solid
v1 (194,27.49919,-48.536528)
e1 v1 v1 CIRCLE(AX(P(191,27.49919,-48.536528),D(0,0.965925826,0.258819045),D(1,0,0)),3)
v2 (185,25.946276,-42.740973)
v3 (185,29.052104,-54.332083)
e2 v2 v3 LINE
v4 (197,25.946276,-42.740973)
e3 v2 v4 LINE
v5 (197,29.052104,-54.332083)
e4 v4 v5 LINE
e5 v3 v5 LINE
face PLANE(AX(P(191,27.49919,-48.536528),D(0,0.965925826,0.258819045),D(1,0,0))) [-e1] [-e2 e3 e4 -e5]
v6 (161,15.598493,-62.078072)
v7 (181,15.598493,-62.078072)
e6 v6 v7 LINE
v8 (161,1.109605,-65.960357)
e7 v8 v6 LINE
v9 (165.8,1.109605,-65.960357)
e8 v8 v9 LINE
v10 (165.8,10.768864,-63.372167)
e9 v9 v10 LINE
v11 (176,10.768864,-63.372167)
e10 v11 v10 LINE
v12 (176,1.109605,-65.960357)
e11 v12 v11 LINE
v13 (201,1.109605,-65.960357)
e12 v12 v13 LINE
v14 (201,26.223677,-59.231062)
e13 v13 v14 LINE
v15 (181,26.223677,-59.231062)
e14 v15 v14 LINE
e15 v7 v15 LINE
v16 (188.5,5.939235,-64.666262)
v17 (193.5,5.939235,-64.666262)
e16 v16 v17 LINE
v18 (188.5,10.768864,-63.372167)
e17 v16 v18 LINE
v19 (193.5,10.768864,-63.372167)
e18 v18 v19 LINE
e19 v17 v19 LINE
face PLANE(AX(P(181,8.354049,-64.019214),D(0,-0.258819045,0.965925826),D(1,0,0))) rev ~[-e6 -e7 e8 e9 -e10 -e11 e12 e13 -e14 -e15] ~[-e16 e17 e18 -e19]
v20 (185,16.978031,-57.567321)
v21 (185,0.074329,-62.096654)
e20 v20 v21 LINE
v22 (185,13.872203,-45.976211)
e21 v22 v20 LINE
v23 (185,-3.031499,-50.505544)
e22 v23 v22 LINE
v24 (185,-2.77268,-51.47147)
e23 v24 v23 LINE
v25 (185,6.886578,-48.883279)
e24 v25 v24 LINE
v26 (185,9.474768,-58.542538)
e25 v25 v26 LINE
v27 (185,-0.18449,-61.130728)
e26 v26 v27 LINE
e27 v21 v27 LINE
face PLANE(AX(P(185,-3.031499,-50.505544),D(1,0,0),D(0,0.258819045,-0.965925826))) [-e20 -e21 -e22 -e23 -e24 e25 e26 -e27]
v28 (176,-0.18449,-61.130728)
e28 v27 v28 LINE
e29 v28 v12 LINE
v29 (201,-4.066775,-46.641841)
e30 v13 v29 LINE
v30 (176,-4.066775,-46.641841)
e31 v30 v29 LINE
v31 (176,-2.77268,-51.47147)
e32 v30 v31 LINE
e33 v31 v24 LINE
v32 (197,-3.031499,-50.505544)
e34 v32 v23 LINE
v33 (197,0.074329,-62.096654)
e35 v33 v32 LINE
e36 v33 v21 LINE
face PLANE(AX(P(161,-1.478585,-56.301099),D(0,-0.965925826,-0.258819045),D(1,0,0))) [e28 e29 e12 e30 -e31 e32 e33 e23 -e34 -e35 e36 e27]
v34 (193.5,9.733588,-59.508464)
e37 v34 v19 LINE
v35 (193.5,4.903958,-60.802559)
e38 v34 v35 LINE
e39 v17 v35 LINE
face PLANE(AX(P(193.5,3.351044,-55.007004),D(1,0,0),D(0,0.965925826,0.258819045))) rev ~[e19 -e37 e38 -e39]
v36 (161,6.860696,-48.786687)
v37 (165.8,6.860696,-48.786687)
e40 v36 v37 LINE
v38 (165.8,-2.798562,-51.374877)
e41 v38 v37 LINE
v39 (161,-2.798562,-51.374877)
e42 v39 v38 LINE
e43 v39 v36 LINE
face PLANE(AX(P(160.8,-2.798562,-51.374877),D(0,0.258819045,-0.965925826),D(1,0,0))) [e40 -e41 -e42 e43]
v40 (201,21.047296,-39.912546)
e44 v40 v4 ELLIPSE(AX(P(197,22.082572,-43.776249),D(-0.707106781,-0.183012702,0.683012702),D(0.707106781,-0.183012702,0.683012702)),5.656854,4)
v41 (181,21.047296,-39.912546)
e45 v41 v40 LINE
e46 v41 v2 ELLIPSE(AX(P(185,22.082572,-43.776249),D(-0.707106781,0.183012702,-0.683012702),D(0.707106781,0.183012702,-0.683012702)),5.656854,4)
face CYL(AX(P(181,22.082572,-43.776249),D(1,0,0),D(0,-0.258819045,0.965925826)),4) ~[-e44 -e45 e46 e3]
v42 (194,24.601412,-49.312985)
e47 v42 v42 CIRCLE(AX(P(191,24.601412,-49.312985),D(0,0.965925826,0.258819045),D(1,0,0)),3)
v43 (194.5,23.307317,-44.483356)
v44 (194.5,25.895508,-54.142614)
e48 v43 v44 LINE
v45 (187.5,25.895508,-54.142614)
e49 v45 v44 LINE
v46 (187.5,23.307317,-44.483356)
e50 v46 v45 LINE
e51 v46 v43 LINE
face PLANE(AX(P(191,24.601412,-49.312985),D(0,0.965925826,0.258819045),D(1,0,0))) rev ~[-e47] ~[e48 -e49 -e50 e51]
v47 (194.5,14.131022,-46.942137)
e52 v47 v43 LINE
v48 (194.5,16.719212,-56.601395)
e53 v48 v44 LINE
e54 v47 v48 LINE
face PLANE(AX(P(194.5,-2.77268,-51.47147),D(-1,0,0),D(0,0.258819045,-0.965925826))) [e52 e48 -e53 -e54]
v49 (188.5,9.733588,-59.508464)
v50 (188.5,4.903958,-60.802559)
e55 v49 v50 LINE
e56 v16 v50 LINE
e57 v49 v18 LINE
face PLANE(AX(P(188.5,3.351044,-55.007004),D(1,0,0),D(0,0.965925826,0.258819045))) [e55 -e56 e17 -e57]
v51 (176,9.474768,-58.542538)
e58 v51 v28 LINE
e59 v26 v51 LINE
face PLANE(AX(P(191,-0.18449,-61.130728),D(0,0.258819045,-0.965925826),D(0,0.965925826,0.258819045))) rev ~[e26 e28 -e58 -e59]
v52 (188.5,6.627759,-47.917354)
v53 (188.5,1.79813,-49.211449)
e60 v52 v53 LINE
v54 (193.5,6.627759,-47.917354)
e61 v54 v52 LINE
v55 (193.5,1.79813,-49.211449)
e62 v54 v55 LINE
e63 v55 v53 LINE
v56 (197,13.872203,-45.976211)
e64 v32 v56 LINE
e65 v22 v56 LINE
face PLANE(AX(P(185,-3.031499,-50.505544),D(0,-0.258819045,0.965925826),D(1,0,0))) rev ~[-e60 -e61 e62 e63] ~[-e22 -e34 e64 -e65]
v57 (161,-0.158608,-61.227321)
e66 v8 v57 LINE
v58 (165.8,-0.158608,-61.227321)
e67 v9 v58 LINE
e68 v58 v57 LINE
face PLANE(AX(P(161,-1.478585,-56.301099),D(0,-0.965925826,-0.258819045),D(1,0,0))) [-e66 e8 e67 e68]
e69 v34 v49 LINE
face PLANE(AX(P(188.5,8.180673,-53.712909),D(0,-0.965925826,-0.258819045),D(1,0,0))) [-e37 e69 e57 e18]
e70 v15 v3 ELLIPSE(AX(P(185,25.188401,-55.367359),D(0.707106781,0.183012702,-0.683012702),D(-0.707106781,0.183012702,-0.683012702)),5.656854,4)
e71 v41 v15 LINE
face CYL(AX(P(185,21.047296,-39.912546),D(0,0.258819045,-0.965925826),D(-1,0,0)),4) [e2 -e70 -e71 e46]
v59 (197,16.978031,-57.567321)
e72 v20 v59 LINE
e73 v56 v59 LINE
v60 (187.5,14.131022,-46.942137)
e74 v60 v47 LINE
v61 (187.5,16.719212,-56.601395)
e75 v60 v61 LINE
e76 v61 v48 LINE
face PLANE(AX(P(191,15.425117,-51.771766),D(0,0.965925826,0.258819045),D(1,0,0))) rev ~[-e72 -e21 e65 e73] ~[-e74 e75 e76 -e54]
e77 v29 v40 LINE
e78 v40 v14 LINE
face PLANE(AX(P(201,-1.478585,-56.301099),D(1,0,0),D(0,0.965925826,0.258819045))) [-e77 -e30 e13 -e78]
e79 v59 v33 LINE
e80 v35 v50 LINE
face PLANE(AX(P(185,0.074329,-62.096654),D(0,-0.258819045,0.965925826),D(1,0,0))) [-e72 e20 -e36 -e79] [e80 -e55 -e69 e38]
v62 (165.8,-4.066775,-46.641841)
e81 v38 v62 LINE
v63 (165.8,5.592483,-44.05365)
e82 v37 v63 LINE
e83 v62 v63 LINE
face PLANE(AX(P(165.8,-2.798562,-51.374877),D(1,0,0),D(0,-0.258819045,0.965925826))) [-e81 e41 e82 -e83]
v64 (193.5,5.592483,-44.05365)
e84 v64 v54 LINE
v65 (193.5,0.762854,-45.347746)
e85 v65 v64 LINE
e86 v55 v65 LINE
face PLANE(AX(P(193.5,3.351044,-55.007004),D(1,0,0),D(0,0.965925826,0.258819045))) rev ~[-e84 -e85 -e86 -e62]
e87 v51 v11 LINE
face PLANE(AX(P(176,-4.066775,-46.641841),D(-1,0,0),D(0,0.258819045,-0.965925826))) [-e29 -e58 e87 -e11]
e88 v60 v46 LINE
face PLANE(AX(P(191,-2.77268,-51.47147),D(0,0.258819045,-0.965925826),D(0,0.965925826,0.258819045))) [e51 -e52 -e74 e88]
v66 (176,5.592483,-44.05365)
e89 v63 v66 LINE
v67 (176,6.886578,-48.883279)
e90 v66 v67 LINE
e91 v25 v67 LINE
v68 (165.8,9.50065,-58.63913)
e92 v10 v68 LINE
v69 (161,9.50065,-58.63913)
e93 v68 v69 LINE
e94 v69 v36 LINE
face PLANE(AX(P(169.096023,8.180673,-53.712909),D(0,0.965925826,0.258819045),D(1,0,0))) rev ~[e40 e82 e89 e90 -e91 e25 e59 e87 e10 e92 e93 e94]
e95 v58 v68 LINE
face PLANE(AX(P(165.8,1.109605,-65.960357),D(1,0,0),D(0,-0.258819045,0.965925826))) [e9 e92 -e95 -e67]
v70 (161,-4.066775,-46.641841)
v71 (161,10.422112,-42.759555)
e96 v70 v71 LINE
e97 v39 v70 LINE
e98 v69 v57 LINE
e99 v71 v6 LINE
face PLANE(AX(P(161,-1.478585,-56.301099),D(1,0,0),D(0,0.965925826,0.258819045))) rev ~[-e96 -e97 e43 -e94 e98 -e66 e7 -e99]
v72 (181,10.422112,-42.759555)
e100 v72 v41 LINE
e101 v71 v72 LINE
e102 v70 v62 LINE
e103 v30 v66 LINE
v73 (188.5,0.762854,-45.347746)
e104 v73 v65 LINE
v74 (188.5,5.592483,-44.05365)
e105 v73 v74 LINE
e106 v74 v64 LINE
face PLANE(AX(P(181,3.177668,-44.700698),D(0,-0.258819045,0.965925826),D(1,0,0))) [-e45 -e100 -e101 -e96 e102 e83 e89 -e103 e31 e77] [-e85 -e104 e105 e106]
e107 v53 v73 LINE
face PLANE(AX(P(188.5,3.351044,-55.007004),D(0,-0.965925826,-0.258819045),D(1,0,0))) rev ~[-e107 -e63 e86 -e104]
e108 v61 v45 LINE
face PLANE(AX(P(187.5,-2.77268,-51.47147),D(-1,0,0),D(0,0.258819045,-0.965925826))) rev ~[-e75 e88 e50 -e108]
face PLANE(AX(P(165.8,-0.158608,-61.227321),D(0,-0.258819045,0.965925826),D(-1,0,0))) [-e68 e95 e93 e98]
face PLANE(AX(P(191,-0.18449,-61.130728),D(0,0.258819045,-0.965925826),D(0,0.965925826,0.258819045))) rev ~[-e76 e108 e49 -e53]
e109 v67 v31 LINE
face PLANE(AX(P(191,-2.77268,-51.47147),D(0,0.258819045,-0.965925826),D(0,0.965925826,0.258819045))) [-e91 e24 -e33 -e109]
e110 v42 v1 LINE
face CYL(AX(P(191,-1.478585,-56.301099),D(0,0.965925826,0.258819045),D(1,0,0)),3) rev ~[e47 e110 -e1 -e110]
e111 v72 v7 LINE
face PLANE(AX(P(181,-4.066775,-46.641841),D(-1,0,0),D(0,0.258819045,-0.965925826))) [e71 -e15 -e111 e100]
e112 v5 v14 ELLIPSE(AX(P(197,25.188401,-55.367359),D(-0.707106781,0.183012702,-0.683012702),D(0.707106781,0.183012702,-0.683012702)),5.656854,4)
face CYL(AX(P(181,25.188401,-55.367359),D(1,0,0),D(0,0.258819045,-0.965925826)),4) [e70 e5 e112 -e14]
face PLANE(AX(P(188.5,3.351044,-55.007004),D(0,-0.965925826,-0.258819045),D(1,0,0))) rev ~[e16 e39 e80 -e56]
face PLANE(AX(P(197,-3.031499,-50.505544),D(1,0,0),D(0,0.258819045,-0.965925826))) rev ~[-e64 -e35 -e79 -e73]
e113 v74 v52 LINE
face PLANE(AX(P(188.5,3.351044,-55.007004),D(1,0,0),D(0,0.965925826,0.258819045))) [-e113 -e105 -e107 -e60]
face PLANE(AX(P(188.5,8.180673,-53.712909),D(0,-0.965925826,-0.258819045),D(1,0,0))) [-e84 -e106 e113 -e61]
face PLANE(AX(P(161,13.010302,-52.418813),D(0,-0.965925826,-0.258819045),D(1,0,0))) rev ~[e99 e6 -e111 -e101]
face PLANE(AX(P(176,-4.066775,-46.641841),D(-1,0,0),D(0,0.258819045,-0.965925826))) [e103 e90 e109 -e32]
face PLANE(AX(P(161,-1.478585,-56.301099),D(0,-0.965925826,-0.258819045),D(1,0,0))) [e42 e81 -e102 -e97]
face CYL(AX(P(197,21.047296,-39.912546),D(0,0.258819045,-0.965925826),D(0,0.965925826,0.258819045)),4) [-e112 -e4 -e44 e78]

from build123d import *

# Parameters (mm, degrees)
SKETCH053_W             = 40
SKETCH053_H             = 15
PAD031_DEPTH            = 10
POCKET022_DEPTH         = 10
SKETCH051_W             = 20
SKETCH051_H             = 20
PAD030_DEPTH            = 30
SKETCH058_R             = 3
POCKET023_DEPTH         = 250
SKETCH052_W             = 7
SKETCH052_H             = 10
POCKET024_DEPTH         = 27
SKETCH055_W             = 10
SKETCH055_H             = 10
POCKET021_DEPTH         = 20
FILLET004_R             = 4
SKETCH057_W             = 5
SKETCH057_H             = 5
POCKET025_DEPTH         = 25
SKETCH008_W             = 12
SKETCH008_H             = 12
POCKET005_DEPTH         = 17.5
BODY016_PLACEMENT_ANGLE = 285


with BuildPart() as part:
    # Sketch053 → Pad031 (new body, symmetric)
    with BuildSketch(Plane.XZ):
        with Locations((-10, 7.5)):
            Rectangle(SKETCH053_W, SKETCH053_H)
    extrude(amount=PAD031_DEPTH, both=True)

    # Sketch056 → Pocket022 (cut)
    with BuildSketch(Plane.XY):
        Polygon((-25.2, 5.1), (-30.2, 5.1), (-30.2, -5.1), (-25.2, -5.1), (-25.2, -10), (-15, -10), (-15, 10), (-25.2, 10), align=None)
    extrude(amount=POCKET022_DEPTH, mode=Mode.SUBTRACT)

    # Sketch051 → Pad030 (join)
    with BuildSketch(Plane.XY):
        Rectangle(SKETCH051_W, SKETCH051_H)
    extrude(amount=PAD030_DEPTH)

    # Sketch058 → Pocket023 (cut, symmetric)
    with BuildSketch(Plane.XY):
        Circle(SKETCH058_R)
    extrude(amount=POCKET023_DEPTH, both=True, mode=Mode.SUBTRACT)

    # Sketch052 → Pocket024 (cut)
    with BuildSketch(Plane.XY):
        Rectangle(SKETCH052_W, SKETCH052_H)
    extrude(amount=POCKET024_DEPTH, mode=Mode.SUBTRACT)

    # Sketch055 → Pocket021 (cut)
    with BuildSketch(Plane.YZ):
        with Locations((0, 5)):
            Rectangle(SKETCH055_W, SKETCH055_H)
    extrude(amount=-POCKET021_DEPTH, mode=Mode.SUBTRACT)

    # Fillet004
    fillet004_edges = [part.edges().sort_by_distance(p)[0] for p in [
        (0, -10, 30),
        (10, 0, 30),
        (-10, 0, 30),
        (0, 10, 30),
    ]]
    fillet(fillet004_edges, radius=FILLET004_R)

    # Sketch057 → Pocket025 (cut, symmetric)
    with BuildSketch(Plane.XZ):
        with Locations((0, 7.5)):
            Rectangle(SKETCH057_W, SKETCH057_H)
    extrude(amount=POCKET025_DEPTH, both=True, mode=Mode.SUBTRACT)

    # Sketch008 → Pocket005 (cut, symmetric)
    with BuildSketch(Plane.XY):
        Rectangle(SKETCH008_W, SKETCH008_H)
    extrude(amount=POCKET005_DEPTH, both=True, mode=Mode.SUBTRACT)


with BuildPart() as part_1:
    # Body016 placement: moved
    add(part.part.moved(Location((191, -1.478585, -56.301099))).rotate(Axis((191, -1.478585, -56.301099), (1, 0, 0)), BODY016_PLACEMENT_ANGLE))


solid = part_1.part
